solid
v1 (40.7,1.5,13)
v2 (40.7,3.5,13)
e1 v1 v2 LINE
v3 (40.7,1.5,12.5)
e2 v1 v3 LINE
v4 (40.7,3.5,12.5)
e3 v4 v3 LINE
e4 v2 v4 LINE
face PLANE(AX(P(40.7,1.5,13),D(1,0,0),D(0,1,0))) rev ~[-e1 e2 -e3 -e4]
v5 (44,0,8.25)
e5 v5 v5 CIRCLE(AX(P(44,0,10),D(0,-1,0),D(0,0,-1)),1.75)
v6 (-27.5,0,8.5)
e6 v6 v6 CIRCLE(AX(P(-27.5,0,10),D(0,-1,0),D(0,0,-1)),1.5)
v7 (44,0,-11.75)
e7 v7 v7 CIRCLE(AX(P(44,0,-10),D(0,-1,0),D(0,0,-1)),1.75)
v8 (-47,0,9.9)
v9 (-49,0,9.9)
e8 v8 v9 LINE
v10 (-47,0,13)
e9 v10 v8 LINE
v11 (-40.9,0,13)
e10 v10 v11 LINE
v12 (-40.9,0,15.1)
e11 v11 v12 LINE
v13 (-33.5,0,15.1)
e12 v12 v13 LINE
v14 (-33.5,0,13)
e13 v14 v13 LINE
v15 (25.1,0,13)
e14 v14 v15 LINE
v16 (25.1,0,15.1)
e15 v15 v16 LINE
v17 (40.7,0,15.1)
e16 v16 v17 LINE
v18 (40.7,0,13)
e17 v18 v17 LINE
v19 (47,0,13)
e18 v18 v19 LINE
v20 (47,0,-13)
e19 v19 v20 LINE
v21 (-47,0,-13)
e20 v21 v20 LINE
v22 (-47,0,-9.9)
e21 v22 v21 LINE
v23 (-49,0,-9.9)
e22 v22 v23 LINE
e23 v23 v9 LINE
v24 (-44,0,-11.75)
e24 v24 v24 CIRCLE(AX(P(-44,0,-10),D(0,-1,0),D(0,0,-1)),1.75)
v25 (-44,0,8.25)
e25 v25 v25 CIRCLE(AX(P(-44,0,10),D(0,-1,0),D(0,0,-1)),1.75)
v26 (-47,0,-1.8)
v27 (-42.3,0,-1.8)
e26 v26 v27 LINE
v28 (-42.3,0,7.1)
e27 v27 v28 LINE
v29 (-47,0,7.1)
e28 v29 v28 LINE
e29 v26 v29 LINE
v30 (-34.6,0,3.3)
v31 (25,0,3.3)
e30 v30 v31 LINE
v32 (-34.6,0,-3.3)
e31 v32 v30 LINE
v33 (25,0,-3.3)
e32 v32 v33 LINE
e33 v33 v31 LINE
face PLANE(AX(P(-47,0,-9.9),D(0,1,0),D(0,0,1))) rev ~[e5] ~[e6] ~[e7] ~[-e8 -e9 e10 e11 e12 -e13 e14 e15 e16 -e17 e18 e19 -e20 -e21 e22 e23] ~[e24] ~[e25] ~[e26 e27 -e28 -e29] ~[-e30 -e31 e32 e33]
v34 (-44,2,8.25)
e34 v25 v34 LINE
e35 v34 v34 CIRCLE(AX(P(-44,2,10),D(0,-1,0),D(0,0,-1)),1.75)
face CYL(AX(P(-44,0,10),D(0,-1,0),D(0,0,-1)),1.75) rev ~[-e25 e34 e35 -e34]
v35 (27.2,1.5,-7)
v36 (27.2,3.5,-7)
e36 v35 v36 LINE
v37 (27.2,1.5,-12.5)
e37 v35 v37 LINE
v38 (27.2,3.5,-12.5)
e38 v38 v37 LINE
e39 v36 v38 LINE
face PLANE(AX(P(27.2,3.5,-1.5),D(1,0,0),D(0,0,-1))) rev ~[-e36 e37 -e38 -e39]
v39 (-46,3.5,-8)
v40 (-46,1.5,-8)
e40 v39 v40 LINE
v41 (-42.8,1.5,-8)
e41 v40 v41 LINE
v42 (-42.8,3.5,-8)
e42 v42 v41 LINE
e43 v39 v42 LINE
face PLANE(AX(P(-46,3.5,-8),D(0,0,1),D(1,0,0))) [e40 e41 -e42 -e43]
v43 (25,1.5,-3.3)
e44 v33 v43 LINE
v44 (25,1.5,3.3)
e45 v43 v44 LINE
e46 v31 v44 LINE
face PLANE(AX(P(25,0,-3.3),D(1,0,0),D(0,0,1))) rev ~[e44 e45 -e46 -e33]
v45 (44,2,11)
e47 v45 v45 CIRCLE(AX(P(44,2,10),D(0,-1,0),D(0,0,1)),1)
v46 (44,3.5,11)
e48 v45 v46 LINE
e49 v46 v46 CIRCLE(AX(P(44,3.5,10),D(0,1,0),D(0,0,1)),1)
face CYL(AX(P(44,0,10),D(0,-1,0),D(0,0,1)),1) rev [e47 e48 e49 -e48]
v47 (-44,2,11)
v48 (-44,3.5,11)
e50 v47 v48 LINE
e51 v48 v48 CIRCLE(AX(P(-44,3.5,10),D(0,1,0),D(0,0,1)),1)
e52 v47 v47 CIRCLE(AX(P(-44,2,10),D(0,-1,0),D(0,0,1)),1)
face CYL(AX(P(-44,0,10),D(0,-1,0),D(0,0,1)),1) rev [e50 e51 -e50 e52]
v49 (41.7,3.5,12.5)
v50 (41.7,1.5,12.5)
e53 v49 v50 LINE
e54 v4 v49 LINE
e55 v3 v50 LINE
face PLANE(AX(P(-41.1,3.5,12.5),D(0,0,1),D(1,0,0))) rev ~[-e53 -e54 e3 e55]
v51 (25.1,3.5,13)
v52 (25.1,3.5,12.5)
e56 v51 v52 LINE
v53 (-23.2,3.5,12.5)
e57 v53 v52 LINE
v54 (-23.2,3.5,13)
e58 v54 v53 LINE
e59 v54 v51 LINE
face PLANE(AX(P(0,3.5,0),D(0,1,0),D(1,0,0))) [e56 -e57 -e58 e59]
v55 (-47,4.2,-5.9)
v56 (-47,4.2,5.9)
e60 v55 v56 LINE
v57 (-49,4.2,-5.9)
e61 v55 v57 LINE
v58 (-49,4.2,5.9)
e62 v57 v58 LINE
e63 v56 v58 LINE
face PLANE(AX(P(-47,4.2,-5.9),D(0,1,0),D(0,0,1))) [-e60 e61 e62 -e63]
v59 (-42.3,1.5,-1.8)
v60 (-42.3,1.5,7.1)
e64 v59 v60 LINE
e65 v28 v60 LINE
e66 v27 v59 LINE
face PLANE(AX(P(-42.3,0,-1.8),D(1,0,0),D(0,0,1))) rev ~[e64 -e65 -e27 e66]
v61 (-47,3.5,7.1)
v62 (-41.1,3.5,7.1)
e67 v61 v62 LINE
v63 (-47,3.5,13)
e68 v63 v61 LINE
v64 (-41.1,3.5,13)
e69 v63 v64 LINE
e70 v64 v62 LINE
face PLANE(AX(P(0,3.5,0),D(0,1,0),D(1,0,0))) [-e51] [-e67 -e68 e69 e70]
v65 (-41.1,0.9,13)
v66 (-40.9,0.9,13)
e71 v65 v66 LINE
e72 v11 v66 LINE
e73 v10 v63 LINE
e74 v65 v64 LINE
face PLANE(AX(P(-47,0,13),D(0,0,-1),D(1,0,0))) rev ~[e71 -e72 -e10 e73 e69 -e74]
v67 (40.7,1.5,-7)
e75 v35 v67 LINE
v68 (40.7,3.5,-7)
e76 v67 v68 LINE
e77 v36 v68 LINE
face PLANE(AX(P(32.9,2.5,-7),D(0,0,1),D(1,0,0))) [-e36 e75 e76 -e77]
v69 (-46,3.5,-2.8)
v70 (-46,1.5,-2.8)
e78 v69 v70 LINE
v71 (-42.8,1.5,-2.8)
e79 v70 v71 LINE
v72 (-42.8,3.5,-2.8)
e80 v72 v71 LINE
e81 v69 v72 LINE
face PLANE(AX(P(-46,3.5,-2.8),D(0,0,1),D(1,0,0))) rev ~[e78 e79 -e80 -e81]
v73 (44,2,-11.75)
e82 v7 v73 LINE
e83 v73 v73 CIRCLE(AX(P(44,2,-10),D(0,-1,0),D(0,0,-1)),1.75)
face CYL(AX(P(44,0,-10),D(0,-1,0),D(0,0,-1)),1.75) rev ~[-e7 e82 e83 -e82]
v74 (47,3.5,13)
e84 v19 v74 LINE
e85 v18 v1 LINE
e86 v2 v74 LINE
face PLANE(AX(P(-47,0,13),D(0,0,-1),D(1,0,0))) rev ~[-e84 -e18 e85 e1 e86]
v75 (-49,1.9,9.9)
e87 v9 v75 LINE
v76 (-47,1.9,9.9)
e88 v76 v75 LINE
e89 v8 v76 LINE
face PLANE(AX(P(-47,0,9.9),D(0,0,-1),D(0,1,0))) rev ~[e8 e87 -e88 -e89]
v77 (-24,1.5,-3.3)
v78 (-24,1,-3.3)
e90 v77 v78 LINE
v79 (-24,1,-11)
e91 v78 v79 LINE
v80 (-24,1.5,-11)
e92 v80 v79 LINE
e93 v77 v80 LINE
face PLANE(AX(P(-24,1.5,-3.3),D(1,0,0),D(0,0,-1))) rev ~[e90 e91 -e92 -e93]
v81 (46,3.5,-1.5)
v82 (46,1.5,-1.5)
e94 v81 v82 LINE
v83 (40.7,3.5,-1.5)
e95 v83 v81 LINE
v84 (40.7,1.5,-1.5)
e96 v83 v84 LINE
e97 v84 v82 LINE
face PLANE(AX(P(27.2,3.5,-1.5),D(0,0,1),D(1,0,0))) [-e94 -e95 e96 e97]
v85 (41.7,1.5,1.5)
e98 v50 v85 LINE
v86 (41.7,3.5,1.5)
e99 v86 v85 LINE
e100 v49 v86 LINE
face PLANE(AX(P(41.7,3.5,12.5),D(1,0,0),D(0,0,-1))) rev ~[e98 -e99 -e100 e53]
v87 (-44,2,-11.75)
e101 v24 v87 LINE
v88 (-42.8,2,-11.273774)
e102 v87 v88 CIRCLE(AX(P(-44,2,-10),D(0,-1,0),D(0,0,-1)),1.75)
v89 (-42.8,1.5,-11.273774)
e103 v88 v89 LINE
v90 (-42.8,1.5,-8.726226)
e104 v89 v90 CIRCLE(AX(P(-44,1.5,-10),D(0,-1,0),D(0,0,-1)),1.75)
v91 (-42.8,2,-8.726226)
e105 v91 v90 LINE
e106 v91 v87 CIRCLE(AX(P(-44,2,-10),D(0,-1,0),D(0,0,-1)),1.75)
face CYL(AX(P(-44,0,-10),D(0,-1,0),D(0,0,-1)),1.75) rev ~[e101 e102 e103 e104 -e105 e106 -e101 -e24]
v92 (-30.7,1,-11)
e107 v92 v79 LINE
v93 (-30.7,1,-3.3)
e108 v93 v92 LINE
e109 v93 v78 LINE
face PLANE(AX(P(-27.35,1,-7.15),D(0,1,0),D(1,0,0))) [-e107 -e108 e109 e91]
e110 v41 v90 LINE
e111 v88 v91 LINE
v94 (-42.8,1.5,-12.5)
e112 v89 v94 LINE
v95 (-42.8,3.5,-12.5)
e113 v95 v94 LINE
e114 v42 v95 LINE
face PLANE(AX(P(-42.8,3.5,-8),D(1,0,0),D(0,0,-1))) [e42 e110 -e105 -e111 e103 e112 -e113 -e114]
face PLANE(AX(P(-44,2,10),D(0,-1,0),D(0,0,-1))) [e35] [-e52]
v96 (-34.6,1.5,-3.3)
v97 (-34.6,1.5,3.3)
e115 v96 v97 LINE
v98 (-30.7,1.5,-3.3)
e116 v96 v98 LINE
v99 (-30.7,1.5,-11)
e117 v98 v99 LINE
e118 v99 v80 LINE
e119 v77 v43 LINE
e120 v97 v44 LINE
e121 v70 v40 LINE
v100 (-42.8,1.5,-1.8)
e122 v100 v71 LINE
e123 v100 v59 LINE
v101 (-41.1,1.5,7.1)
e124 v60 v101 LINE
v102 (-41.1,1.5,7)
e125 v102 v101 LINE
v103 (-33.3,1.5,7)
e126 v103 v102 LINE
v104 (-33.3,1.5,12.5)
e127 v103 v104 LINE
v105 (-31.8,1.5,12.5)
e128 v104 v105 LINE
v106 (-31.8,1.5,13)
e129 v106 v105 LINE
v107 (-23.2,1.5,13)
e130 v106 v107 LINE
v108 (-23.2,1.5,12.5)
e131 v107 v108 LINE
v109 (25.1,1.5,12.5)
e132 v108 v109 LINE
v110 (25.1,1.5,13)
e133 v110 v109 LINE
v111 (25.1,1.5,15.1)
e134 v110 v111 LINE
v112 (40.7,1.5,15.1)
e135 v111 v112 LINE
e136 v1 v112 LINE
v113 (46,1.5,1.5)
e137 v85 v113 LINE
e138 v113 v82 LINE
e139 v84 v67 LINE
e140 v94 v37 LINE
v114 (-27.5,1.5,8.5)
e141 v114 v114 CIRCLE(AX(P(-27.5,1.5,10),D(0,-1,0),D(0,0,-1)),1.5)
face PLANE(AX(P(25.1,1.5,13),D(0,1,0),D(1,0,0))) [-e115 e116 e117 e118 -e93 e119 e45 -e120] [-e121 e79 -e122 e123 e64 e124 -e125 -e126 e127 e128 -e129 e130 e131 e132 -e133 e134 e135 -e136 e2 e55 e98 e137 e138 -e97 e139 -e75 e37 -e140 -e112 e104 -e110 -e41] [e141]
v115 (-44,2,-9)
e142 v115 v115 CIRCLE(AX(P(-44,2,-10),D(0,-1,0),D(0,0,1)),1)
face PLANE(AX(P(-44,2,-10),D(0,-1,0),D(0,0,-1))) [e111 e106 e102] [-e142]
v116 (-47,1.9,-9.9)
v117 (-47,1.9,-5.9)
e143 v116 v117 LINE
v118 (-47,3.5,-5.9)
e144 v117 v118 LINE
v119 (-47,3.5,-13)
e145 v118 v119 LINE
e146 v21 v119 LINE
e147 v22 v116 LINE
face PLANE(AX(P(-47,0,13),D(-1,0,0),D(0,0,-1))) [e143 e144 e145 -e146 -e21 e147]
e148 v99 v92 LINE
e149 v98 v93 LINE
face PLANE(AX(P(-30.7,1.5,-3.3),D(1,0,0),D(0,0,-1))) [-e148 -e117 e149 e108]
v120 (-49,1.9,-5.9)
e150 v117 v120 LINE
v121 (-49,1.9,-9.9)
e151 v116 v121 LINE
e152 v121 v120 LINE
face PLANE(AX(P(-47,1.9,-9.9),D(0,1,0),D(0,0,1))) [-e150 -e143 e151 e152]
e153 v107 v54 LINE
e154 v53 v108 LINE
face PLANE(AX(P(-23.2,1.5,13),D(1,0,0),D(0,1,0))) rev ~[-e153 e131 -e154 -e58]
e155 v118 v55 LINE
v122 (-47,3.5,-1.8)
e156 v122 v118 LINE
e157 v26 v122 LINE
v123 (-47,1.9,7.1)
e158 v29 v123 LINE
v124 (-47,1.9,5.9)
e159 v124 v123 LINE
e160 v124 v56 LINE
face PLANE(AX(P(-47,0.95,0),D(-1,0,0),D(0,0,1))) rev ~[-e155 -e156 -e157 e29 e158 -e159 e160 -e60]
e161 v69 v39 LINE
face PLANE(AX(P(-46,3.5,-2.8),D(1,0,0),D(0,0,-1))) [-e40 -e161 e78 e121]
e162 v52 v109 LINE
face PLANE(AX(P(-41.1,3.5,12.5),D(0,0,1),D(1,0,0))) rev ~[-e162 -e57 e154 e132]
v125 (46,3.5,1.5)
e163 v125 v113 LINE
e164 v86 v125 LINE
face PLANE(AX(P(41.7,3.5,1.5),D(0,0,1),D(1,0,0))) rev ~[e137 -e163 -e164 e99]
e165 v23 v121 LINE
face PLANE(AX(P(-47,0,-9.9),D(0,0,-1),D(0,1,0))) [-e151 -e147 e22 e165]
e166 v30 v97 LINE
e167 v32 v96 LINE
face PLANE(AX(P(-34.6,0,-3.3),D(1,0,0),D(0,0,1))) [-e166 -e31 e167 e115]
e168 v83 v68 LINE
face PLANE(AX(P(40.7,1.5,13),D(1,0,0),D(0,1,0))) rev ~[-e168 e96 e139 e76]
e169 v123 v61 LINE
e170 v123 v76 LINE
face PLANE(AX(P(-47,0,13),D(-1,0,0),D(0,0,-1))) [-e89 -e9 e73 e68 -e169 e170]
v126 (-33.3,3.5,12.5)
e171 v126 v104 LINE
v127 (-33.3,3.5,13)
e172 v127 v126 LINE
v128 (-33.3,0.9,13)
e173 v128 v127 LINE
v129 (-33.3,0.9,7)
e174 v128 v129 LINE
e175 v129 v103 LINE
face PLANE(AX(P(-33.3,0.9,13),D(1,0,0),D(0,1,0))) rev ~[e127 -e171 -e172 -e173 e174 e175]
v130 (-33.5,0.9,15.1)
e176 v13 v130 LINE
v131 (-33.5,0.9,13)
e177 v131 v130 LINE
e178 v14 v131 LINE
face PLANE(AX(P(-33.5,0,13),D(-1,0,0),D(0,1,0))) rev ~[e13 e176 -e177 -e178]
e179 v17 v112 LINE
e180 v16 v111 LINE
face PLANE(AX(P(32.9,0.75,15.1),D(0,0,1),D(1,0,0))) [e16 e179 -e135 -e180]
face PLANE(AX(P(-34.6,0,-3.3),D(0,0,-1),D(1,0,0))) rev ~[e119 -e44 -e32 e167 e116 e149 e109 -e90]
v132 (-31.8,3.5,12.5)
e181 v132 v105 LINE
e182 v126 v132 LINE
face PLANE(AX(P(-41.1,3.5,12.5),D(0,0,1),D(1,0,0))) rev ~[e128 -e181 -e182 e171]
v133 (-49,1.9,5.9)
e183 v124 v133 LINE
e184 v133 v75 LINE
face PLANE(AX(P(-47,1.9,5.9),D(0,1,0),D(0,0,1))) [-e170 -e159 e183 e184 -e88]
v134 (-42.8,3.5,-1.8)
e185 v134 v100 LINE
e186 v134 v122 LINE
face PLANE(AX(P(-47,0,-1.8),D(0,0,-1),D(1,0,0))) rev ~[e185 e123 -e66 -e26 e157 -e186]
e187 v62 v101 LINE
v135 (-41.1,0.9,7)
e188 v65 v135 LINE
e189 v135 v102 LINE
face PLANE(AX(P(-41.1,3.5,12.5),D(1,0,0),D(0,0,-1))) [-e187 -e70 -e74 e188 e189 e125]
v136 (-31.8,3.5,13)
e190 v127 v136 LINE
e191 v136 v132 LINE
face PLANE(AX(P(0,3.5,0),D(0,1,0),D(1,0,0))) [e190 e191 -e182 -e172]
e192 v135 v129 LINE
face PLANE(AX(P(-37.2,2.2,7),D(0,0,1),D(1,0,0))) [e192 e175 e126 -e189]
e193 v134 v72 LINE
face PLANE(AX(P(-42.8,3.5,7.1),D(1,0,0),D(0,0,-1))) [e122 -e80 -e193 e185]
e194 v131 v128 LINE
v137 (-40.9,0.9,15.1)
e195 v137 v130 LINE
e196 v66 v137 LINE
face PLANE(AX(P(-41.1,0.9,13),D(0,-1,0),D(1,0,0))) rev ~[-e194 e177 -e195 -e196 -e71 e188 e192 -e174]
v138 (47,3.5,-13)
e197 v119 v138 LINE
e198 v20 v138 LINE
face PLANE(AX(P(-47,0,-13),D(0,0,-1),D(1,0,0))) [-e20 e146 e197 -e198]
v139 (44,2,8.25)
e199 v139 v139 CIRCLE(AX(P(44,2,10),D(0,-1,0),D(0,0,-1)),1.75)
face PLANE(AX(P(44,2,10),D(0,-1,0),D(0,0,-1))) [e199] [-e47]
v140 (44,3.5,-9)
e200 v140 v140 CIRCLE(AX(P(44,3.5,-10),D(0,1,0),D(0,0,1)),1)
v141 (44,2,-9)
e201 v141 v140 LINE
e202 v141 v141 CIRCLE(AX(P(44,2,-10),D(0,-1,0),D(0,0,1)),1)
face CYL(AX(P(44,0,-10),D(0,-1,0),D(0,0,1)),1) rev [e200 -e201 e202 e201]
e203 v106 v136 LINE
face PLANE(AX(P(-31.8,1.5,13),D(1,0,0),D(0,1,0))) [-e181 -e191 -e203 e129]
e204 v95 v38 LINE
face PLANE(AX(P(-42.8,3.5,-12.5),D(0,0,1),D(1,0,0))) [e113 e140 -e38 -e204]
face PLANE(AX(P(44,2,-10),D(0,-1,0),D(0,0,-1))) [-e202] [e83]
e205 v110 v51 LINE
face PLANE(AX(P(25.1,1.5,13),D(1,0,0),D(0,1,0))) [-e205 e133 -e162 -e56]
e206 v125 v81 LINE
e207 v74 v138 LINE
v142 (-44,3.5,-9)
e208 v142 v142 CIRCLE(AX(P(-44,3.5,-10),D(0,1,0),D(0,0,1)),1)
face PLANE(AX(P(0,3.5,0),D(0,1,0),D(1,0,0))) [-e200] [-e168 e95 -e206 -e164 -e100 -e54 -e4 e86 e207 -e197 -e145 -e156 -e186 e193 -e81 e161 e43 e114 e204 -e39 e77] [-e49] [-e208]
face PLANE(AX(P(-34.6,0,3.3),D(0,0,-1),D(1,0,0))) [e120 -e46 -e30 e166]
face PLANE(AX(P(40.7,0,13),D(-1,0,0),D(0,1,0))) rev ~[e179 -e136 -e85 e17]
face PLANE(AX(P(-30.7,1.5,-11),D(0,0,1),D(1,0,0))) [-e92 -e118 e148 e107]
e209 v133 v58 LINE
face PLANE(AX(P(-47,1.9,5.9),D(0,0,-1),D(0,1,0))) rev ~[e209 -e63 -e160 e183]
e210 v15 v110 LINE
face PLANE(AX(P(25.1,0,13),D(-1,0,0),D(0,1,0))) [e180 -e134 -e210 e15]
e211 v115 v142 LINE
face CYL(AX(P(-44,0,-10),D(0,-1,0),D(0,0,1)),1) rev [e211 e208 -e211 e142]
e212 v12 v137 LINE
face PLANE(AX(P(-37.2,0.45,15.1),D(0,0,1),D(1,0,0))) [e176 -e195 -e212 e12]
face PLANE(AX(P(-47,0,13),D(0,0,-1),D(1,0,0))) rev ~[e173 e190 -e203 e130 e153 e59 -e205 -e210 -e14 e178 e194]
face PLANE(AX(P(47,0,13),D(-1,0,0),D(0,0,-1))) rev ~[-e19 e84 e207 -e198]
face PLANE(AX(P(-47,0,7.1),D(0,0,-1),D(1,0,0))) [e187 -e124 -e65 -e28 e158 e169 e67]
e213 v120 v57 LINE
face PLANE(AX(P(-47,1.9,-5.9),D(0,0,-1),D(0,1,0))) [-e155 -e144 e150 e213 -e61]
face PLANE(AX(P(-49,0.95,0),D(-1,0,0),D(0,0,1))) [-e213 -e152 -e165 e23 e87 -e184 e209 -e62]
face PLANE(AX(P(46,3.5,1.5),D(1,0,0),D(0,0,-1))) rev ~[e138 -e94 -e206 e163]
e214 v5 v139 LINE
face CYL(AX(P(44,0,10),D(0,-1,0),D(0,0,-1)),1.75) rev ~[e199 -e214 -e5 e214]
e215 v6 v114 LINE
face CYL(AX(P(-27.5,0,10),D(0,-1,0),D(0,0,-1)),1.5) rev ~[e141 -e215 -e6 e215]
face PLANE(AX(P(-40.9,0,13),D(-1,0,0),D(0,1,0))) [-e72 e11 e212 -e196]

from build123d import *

# Parameters (mm, degrees)
SKETCH_1_W           = 94
SKETCH_1_H           = 26
SKETCH_1_R           = 1
EXTRUDE_1_DEPTH      = 3.5
SKETCH_2_W           = 4.7
SKETCH_2_H           = 8.9
SKETCH_2_W_2         = 59.6
SKETCH_2_H_2         = 6.6
CUT_EXTRUDE_1_DEPTH  = 49.890183064
SKETCH_3_R           = 1.5
CUT_EXTRUDE_2_DEPTH  = 49.890183064
SKETCH_4_R           = 1.75
CUT_EXTRUDE_3_DEPTH  = 2
SKETCH_5_W           = 7.8
SKETCH_5_H           = 2.6
SKETCH_5_W_2         = 8.6
SKETCH_5_H_2         = 2
CUT_EXTRUDE_4_DEPTH  = 6
SKETCH_5_3_W         = 15.6
SKETCH_5_3_H         = 2
CUT_EXTRUDE_5_DEPTH  = 20
SKETCH_6_W           = 70
SKETCH_6_H           = 19.6
SKETCH_6_W_2         = 18.8
SKETCH_6_H_2         = 3
SKETCH_6_W_3         = 82.8
SKETCH_6_H_3         = 11
SKETCH_6_W_4         = 3.2
SKETCH_6_H_4         = 5.2
CUT_EXTRUDE_12_DEPTH = 2
SKETCH_7_W           = 6.7
SKETCH_7_H           = 7.7
CUT_EXTRUDE_13_DEPTH = 0.5
SKETCH_8_W           = 7.4
SKETCH_8_H           = 0.9
SKETCH_8_W_2         = 15.6
SKETCH_8_H_2         = 1.5
EXTRUDE_2_DEPTH      = 2.1
SKETCH_10_W          = 19.8
SKETCH_10_H          = 1.9
SKETCH_10_W_2        = 11.8
SKETCH_10_H_2        = 4.2
EXTRUDE_3_DEPTH      = 2


with BuildPart() as part:
    # 草图1 → 凸台-拉伸1 (new body)
    with BuildSketch(Plane(origin=(0, 0, 0), x_dir=(1, 0, 0), z_dir=(0, 1, 0))):
        Rectangle(SKETCH_1_W, SKETCH_1_H)
        with Locations(Location((-44, 10, 0), (0, 0, 270))):
            Circle(SKETCH_1_R, mode=Mode.SUBTRACT)
        with Locations(Location((-44, -10, 0), (0, 0, 270))):
            Circle(SKETCH_1_R, mode=Mode.SUBTRACT)
        with Locations(Location((44, 10, 0), (0, 0, 270))):
            Circle(SKETCH_1_R, mode=Mode.SUBTRACT)
        with Locations(Location((44, -10, 0), (0, 0, 270))):
            Circle(SKETCH_1_R, mode=Mode.SUBTRACT)
    extrude(amount=EXTRUDE_1_DEPTH)

    # 草图2 → 切除-拉伸1 (cut, through all)
    with BuildSketch(Plane.XZ):
        with Locations((-44.65, 2.65)):
            Rectangle(SKETCH_2_W, SKETCH_2_H)
        with Locations((-4.8, 0)):
            Rectangle(SKETCH_2_W_2, SKETCH_2_H_2)
    extrude(amount=-CUT_EXTRUDE_1_DEPTH, mode=Mode.SUBTRACT)

    # 草图3 → 切除-拉伸2 (cut, through all)
    with BuildSketch(Plane(origin=(0, 0, 0), x_dir=(-1, 0, 0), z_dir=(0, -1, 0))):
        with Locations(Location((27.5, -10, 0), (0, 0, 90))):
            Circle(SKETCH_3_R)
    extrude(amount=-CUT_EXTRUDE_2_DEPTH, mode=Mode.SUBTRACT)

    # 草图4 → 切除-拉伸3 (cut)
    with BuildSketch(Plane.XZ):
        with Locations(Location((-44, 10, 0), (0, 0, 270))):
            Circle(SKETCH_4_R)
        with Locations(Location((-44, -10, 0), (0, 0, 270))):
            Circle(SKETCH_4_R)
        with Locations(Location((44, 10, 0), (0, 0, 270))):
            Circle(SKETCH_4_R)
        with Locations(Location((44, -10, 0), (0, 0, 270))):
            Circle(SKETCH_4_R)
    extrude(amount=-CUT_EXTRUDE_3_DEPTH, mode=Mode.SUBTRACT)

    # 草图5 → 切除-拉伸4 (cut)
    with BuildSketch(Plane.XY.offset(13)):
        with Locations((-37.2, 2.2)):
            Rectangle(SKETCH_5_W, SKETCH_5_H)
        with Locations((-27.5, 2.5)):
            Rectangle(SKETCH_5_W_2, SKETCH_5_H_2)
    extrude(amount=-CUT_EXTRUDE_4_DEPTH, mode=Mode.SUBTRACT)

    # 草图5<3> → 切除-拉伸5 (cut)
    with BuildSketch(Plane.XY.offset(13)):
        with Locations((32.9, 2.5)):
            Rectangle(SKETCH_5_3_W, SKETCH_5_3_H)
    extrude(amount=-CUT_EXTRUDE_5_DEPTH, mode=Mode.SUBTRACT)

    # 草图6 → 切除-拉伸12 (cut)
    with BuildSketch(Plane(origin=(0, 3.5, 0), x_dir=(1, 0, 0), z_dir=(0, 1, 0))):
        with Locations((-7.8, 2.7)):
            Rectangle(SKETCH_6_W, SKETCH_6_H)
        with Locations((36.6, 0)):
            Rectangle(SKETCH_6_W_2, SKETCH_6_H_2)
        with Locations((0.3, -7)):
            Rectangle(SKETCH_6_W_3, SKETCH_6_H_3)
        with Locations((-44.4, 5.4)):
            Rectangle(SKETCH_6_W_4, SKETCH_6_H_4)
    extrude(amount=-CUT_EXTRUDE_12_DEPTH, mode=Mode.SUBTRACT)

    # 草图7 → 切除-拉伸13 (cut)
    with BuildSketch(Plane(origin=(0, 1.5, 0), x_dir=(1, 0, 0), z_dir=(0, 1, 0))):
        with Locations((-27.35, 7.15)):
            Rectangle(SKETCH_7_W, SKETCH_7_H)
    extrude(amount=-CUT_EXTRUDE_13_DEPTH, mode=Mode.SUBTRACT)

    # 草图8 → 凸台-拉伸2 (add)
    with BuildSketch(Plane.XY.offset(13)):
        with Locations((-37.2, 0.45)):
            Rectangle(SKETCH_8_W, SKETCH_8_H)
        with Locations((32.9, 0.75)):
            Rectangle(SKETCH_8_W_2, SKETCH_8_H_2)
    extrude(amount=EXTRUDE_2_DEPTH)

    # 草图10 → 凸台-拉伸3 (add)
    with BuildSketch(Plane.ZY.offset(47)):
        with Locations((0, 0.95)):
            Rectangle(SKETCH_10_W, SKETCH_10_H)
        with Locations((0, 2.1)):
            Rectangle(SKETCH_10_W_2, SKETCH_10_H_2)
    extrude(amount=EXTRUDE_3_DEPTH)


solid = part.part
